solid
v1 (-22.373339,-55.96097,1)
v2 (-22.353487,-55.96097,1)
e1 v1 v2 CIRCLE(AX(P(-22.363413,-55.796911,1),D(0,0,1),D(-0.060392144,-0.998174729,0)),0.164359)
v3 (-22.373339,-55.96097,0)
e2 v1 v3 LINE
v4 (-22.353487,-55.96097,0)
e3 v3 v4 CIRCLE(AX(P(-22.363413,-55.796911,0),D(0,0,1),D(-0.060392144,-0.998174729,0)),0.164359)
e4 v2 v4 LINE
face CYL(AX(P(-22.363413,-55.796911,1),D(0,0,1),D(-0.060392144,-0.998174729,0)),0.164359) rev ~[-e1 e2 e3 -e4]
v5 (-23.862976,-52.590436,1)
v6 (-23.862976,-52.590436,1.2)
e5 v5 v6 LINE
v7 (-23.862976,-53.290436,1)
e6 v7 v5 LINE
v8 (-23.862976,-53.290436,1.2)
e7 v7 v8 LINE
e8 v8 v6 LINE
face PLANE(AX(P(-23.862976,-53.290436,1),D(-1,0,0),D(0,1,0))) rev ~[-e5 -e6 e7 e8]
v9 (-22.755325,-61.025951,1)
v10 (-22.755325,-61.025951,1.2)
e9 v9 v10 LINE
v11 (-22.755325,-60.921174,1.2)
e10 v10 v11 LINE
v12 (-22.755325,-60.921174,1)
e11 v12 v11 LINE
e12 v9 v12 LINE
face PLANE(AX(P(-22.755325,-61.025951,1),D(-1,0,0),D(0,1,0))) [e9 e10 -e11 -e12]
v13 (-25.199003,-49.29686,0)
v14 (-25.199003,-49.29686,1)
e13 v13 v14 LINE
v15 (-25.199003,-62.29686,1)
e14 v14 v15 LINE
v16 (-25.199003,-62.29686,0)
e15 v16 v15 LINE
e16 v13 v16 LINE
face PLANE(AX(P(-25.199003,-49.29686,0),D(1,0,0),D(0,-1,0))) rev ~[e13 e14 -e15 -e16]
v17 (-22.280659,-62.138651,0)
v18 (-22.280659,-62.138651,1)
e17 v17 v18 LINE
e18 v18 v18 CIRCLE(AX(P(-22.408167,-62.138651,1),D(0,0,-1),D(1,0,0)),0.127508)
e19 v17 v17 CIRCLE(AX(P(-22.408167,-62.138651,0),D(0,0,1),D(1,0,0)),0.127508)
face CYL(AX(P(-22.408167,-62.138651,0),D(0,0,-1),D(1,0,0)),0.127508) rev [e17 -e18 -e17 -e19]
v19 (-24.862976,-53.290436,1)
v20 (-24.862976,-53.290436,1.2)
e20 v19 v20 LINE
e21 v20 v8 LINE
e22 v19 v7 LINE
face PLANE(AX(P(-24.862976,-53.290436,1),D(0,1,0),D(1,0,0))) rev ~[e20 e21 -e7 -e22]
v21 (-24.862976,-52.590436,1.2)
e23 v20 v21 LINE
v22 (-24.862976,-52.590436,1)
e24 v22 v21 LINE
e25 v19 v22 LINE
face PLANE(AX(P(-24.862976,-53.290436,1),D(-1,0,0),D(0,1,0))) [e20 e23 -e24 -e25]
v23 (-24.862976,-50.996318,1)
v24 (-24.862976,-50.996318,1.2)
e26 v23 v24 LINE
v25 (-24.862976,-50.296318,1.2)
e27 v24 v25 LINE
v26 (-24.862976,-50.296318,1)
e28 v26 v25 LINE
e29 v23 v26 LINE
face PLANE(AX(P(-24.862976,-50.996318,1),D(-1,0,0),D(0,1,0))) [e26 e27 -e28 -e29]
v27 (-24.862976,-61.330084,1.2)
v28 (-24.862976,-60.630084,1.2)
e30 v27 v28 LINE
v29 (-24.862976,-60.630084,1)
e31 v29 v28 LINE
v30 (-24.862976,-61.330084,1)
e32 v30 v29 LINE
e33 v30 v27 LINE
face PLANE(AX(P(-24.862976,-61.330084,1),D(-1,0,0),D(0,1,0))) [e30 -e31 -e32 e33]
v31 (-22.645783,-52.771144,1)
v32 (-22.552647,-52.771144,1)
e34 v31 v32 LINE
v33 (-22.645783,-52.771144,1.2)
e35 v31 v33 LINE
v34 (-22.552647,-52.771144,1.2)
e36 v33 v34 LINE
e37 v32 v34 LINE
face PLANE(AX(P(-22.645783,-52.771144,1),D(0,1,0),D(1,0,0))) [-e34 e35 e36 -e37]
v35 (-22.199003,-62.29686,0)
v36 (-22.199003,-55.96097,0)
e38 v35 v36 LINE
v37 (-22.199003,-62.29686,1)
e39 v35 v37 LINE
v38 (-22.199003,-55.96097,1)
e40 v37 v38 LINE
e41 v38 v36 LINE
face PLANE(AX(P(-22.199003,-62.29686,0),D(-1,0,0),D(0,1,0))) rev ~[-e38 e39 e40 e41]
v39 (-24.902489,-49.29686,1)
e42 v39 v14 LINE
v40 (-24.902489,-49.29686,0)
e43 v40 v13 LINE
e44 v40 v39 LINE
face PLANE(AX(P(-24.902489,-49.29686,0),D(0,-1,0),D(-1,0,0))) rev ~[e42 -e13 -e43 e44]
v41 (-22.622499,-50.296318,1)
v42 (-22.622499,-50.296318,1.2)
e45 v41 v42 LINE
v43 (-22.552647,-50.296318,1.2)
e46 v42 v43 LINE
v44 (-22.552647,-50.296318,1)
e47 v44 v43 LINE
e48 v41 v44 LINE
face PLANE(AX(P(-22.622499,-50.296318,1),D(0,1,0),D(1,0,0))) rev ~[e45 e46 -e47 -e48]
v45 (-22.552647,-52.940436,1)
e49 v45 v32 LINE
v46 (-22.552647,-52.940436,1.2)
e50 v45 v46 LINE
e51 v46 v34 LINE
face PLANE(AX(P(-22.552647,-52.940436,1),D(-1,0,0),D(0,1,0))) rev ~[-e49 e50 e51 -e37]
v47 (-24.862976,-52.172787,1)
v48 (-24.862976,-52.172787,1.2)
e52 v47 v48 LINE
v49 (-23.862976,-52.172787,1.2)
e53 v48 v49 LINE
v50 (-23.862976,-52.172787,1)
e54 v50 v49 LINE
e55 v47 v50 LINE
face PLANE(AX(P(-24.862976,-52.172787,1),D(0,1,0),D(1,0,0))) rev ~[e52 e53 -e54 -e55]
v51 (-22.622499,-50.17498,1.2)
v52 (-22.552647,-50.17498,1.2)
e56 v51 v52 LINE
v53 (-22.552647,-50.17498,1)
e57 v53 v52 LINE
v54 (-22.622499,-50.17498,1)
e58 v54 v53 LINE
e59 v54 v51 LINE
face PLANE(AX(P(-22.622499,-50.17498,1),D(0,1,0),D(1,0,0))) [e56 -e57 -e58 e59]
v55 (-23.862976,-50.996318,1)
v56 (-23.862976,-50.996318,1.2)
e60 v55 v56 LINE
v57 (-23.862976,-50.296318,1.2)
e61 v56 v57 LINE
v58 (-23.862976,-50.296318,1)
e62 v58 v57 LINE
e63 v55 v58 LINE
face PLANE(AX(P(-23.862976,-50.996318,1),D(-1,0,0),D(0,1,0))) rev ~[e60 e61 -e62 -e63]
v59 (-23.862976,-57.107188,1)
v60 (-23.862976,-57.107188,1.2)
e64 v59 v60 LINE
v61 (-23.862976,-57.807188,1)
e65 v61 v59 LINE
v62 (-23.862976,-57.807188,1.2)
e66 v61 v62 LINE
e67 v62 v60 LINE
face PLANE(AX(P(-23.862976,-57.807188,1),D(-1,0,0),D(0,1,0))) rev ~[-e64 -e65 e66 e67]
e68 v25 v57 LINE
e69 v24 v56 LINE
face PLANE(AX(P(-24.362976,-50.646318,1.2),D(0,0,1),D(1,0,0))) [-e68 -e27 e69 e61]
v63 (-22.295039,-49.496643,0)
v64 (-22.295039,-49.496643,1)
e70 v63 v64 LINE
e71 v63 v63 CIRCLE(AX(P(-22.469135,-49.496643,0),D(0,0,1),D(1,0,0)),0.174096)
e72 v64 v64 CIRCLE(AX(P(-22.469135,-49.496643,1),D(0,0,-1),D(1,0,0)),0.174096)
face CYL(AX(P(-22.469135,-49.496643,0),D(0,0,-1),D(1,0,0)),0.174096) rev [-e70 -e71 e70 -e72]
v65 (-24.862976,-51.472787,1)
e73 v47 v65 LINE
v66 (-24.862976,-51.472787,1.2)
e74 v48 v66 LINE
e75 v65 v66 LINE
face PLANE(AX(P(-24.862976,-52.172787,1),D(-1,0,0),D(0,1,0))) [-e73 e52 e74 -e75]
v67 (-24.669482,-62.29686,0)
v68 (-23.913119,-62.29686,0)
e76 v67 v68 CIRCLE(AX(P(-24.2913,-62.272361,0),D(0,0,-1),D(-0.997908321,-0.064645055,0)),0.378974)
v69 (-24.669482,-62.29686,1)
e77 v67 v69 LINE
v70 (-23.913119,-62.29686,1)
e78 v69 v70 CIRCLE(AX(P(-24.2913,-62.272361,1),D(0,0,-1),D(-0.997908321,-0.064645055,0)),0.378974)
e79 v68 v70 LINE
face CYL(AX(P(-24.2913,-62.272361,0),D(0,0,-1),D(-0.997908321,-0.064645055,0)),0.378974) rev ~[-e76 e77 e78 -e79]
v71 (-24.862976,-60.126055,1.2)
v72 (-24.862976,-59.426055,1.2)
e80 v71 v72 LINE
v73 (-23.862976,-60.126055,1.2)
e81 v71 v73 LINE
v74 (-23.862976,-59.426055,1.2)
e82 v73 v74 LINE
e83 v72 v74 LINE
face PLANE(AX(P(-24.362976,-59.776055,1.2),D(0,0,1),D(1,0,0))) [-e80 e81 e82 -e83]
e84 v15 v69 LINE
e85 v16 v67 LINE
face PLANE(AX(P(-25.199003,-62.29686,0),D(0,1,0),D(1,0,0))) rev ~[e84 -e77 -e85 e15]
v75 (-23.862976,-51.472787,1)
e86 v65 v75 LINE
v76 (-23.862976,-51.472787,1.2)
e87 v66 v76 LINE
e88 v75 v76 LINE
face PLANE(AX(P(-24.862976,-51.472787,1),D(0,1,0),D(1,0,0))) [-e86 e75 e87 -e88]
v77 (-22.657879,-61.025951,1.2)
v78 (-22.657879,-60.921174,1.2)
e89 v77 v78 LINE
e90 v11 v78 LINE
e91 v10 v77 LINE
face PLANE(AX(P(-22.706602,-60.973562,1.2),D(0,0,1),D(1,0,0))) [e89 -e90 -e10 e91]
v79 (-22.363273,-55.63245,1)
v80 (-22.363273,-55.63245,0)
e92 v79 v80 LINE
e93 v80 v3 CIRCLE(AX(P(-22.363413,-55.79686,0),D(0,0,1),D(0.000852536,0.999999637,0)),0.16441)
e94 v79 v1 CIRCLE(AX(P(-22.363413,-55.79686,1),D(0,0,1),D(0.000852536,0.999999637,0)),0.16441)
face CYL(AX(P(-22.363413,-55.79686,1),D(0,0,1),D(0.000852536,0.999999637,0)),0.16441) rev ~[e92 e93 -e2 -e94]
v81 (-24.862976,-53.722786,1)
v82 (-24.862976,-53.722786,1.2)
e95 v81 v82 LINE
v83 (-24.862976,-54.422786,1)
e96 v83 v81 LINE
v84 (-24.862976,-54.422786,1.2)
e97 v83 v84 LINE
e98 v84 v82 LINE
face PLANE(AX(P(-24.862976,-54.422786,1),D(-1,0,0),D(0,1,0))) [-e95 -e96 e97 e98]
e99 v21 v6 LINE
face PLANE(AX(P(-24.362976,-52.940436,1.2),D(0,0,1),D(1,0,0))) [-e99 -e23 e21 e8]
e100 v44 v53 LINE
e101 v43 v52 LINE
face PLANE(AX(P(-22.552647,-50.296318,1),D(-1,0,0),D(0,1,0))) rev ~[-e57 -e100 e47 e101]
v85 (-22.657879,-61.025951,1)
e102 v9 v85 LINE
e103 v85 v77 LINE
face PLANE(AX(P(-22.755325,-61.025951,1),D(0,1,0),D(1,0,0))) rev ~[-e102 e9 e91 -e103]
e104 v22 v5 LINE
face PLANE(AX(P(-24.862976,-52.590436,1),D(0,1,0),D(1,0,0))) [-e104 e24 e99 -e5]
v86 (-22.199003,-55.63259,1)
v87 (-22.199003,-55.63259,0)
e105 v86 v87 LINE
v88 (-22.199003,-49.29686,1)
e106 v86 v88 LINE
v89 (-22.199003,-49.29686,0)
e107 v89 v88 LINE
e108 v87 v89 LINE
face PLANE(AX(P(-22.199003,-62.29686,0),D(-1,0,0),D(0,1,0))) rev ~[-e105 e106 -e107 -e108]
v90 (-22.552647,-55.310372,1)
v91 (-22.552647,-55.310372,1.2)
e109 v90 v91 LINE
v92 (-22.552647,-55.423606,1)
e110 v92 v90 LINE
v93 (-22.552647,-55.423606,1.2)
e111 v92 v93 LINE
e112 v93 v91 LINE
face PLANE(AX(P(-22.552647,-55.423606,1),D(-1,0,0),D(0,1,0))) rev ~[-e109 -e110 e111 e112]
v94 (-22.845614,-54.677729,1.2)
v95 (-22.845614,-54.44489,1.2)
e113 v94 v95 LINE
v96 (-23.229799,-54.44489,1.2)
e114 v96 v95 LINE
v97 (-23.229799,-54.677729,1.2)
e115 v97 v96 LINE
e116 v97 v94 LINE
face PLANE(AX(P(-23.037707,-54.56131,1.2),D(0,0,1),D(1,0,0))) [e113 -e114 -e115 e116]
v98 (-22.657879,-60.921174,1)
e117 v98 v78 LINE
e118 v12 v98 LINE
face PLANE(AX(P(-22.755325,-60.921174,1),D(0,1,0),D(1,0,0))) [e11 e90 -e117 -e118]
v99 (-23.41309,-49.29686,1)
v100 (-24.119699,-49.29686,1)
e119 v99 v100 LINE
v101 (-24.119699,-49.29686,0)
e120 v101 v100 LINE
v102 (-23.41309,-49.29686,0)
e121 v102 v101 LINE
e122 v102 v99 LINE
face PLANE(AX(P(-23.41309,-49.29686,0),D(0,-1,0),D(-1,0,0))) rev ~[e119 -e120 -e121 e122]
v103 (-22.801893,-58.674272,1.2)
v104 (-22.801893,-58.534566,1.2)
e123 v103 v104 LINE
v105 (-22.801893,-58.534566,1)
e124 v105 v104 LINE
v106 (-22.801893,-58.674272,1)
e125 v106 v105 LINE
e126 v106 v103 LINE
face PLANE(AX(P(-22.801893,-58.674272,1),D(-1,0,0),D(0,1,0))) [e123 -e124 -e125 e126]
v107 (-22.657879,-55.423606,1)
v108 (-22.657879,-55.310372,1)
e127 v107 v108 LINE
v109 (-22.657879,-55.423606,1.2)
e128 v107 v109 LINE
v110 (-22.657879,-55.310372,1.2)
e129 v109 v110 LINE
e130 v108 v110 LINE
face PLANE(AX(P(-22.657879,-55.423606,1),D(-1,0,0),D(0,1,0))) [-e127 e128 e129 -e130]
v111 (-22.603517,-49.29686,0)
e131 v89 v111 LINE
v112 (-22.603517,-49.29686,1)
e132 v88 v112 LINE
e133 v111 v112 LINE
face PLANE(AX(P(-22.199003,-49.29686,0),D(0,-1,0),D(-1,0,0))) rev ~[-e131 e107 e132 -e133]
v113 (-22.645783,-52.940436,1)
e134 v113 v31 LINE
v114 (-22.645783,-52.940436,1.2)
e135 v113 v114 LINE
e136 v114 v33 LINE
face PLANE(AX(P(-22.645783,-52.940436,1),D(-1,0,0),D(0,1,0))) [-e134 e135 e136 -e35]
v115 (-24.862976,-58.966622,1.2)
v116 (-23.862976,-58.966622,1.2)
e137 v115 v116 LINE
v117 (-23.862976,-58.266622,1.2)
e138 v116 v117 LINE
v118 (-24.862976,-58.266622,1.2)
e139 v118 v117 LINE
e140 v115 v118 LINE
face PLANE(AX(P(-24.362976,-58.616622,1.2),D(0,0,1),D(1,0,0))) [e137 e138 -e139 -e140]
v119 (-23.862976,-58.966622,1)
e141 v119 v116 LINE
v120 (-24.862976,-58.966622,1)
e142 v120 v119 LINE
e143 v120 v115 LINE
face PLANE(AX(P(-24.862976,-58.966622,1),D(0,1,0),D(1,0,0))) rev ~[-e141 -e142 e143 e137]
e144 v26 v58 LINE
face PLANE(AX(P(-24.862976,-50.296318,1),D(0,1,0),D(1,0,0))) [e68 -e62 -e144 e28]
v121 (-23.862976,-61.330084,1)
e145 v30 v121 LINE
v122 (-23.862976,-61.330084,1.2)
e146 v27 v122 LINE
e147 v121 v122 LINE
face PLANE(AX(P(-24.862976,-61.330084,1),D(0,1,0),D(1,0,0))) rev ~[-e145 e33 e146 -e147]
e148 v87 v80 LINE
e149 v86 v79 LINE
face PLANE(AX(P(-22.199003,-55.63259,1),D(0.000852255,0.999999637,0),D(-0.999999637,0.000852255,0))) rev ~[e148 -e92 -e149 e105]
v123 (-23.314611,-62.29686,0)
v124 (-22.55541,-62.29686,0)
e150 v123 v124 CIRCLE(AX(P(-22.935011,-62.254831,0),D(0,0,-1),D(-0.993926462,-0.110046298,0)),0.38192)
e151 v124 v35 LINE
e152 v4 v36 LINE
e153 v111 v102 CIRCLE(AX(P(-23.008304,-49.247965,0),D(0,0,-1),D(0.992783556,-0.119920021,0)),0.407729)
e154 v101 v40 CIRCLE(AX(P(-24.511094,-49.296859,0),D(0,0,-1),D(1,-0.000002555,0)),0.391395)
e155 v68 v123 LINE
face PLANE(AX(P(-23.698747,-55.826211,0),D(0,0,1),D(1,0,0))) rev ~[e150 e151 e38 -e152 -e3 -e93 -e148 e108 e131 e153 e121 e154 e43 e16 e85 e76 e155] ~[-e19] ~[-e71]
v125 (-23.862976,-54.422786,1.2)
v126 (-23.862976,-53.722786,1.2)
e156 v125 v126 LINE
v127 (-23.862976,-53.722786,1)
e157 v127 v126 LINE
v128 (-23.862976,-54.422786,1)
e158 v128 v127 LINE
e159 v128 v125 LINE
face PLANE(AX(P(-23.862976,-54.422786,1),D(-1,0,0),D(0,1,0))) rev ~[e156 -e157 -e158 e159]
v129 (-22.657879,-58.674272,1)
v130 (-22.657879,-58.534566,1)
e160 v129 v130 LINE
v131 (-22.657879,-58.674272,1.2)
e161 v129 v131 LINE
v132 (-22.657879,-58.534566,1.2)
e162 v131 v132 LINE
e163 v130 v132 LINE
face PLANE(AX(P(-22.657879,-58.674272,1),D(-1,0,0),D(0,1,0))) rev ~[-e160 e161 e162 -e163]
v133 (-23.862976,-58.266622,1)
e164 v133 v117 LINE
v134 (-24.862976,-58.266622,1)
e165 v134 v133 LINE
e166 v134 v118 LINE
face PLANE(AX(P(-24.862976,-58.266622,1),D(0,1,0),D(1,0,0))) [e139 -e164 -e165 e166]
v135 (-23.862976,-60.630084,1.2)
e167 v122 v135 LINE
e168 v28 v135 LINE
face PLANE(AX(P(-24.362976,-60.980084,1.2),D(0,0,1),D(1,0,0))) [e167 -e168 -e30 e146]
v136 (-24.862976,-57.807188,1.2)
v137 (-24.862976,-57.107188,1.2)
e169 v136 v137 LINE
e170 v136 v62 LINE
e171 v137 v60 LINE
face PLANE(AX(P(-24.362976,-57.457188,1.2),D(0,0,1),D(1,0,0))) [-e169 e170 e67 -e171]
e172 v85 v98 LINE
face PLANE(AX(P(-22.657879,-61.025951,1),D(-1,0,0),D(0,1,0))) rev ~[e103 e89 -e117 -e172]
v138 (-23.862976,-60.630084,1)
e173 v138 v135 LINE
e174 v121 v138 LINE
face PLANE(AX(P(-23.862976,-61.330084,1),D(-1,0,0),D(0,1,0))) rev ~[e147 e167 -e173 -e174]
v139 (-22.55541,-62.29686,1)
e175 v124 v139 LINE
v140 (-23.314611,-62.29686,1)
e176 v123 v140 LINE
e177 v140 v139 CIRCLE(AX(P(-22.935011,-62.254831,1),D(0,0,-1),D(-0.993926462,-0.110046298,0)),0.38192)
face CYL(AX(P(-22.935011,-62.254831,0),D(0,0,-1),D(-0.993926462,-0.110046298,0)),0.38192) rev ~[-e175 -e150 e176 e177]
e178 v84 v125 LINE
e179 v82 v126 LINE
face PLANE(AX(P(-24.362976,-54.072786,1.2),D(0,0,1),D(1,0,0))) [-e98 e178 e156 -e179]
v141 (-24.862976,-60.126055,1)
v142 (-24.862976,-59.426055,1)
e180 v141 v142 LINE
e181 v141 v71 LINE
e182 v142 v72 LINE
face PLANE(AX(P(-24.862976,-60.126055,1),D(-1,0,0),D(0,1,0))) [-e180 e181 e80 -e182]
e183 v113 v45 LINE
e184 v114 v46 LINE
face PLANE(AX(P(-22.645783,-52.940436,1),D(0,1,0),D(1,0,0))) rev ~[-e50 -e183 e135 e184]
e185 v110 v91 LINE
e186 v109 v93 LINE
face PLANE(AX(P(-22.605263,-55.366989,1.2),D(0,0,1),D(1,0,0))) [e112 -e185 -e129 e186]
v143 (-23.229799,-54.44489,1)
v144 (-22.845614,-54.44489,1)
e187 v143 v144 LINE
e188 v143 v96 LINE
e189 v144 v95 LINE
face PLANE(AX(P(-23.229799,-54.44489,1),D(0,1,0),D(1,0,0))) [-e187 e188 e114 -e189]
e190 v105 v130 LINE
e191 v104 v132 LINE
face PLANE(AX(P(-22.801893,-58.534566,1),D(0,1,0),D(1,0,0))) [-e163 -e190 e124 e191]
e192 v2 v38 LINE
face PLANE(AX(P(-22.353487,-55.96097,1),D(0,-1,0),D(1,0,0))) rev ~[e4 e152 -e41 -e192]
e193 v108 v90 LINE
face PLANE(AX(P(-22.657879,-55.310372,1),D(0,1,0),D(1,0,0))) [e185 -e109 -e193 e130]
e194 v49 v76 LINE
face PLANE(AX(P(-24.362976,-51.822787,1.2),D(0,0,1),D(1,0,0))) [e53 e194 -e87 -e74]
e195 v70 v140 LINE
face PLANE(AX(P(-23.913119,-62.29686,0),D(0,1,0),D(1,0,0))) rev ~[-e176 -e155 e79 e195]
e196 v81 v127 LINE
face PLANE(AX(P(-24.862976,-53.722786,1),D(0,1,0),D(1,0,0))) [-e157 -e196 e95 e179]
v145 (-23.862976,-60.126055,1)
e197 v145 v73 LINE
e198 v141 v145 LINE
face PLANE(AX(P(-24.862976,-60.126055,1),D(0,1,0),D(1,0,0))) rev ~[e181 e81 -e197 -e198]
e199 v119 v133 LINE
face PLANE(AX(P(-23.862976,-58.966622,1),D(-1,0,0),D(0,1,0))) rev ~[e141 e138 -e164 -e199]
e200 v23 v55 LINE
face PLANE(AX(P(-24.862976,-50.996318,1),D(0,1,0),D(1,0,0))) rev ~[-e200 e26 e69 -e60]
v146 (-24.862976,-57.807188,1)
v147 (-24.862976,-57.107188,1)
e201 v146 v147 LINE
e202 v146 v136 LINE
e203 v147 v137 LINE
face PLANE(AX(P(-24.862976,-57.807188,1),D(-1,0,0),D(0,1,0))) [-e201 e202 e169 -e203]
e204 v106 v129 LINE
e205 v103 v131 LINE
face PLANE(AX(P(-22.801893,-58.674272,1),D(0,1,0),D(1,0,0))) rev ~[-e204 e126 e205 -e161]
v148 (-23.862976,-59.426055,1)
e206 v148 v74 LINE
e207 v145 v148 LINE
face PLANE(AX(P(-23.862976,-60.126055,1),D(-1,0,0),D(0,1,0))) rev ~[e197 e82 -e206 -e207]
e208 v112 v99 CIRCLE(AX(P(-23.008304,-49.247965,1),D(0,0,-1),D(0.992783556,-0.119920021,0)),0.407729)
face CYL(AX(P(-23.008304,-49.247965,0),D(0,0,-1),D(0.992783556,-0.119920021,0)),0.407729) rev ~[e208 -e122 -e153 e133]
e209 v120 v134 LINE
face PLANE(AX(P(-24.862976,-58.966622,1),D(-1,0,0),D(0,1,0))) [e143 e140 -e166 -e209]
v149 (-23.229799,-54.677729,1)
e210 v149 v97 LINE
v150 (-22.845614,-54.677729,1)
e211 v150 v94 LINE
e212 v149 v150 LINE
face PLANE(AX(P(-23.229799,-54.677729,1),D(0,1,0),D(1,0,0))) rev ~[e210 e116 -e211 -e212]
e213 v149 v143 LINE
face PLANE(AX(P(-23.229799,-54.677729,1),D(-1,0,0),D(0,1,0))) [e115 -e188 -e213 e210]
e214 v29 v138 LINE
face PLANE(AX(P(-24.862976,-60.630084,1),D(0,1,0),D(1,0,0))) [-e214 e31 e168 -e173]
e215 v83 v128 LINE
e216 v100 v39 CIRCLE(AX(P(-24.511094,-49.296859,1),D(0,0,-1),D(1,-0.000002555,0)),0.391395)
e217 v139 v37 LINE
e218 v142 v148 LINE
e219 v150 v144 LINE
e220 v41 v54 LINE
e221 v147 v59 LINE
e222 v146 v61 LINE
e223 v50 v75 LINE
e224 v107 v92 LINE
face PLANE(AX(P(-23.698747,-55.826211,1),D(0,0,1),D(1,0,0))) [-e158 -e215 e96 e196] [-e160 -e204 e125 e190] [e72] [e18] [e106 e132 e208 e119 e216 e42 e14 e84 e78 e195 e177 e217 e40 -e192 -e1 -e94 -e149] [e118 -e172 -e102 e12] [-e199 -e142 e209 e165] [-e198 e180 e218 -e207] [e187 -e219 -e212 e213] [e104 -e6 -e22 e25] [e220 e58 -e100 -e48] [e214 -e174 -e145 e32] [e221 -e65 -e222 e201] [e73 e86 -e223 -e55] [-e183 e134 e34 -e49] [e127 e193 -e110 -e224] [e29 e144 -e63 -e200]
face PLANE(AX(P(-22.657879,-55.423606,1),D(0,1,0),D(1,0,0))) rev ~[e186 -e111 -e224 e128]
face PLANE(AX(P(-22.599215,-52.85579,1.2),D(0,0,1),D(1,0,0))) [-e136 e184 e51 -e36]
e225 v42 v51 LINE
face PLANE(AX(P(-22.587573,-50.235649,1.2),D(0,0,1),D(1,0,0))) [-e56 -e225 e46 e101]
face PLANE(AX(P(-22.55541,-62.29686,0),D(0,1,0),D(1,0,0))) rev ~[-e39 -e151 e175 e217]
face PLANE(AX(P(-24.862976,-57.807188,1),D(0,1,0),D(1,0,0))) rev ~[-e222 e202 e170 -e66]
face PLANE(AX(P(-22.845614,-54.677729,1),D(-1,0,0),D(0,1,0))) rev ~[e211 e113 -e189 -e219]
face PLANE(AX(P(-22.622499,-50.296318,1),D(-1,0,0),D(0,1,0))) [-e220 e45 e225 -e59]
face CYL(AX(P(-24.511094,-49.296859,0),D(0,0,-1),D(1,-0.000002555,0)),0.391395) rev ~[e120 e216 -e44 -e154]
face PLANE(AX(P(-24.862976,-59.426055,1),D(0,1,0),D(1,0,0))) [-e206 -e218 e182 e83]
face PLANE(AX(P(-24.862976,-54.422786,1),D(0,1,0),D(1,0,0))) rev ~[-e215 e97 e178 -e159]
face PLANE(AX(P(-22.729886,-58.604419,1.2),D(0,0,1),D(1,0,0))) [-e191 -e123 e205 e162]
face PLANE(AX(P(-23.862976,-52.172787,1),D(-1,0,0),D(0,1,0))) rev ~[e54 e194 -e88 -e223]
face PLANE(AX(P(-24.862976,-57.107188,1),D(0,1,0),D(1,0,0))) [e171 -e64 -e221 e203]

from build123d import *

# Parameters (mm, degrees)
F1_DEPTH = 1
F2_R     = 0.174096
F2_R_2   = 0.127508
F3_DEPTH = 1.001
F4_W     = 1
F4_H     = 0.7
F4_W_2   = 0.384185
F4_H_2   = 0.232839
F5_DEPTH = 0.2
F7_DEPTH = 1.001
F8_W     = 0.069853
F8_H     = 0.121337
F8_W_2   = 0.093136
F8_H_2   = 0.169292
F8_W_3   = 0.105232
F8_H_3   = 0.113234
F8_W_4   = 0.097446
F8_H_4   = 0.104777
F8_W_5   = 0.144014
F8_H_5   = 0.139706
F9_DEPTH = 0.2


with BuildPart() as f1:
    # F0 (on Top) → F1 (new body)
    with BuildSketch(Plane.XY):
        with BuildLine():
            Line((-24.902489, -49.29686), (-25.199003, -49.29686))
            Line((-25.199003, -49.29686), (-25.199003, -62.29686))
            Line((-25.199003, -62.29686), (-24.669482, -62.29686))
            ThreePointArc((-24.669482, -62.29686), (-24.2913, -61.893387), (-23.913119, -62.29686))
            Line((-23.913119, -62.29686), (-23.314611, -62.29686))
            ThreePointArc((-23.314611, -62.29686), (-22.93501, -61.872911), (-22.55541, -62.29686))
            Line((-22.55541, -62.29686), (-22.199003, -62.29686))
            Line((-22.199003, -62.29686), (-22.199003, -49.29686))
            Line((-22.199003, -49.29686), (-22.603517, -49.29686))
            ThreePointArc((-22.603517, -49.29686), (-23.008304, -49.655694), (-23.41309, -49.29686))
            Line((-23.41309, -49.29686), (-24.119699, -49.29686))
            ThreePointArc((-24.119699, -49.29686), (-24.511094, -49.688254), (-24.902489, -49.29686))
        make_face()
    extrude(amount=F1_DEPTH)

    # F2 (on Top) → F3 (cut, through all)
    with BuildSketch(Plane.XY):
        with Locations((-22.469135, -49.496643)):
            Circle(F2_R)
        with Locations((-22.408167, -62.138651)):
            Circle(F2_R_2)
    extrude(amount=F3_DEPTH, mode=Mode.SUBTRACT)

    # F4 (on face) → F5 (join)
    with BuildSketch(Plane.XY.offset(1)):
        with Locations((-24.362976, -50.646318)):
            Rectangle(F4_W, F4_H)
        with Locations((-24.362976, -51.822787)):
            Rectangle(F4_W, F4_H)
        with Locations((-24.362976, -52.940436)):
            Rectangle(F4_W, F4_H)
        with Locations((-24.362976, -54.072786)):
            Rectangle(F4_W, F4_H)
        with Locations((-23.037707, -54.56131)):
            Rectangle(F4_W_2, F4_H_2)
        with Locations((-24.362976, -60.980084)):
            Rectangle(F4_W, F4_H)
        with Locations((-24.362976, -59.776055)):
            Rectangle(F4_W, F4_H)
        with Locations((-24.362976, -58.616622)):
            Rectangle(F4_W, F4_H)
        with Locations((-24.362976, -57.457188)):
            Rectangle(F4_W, F4_H)
    extrude(amount=F5_DEPTH)

    # F6 (on face) → F7 (cut, through all)
    with BuildSketch(Plane.XY.offset(1)):
        with BuildLine():
            Line((-22.353487, -55.96097), (-22.373339, -55.96097))
            ThreePointArc((-22.373339, -55.96097), (-22.363413, -55.96127), (-22.353487, -55.96097))
        make_face()
        with BuildLine():
            Line((-22.199003, -55.63259), (-22.363273, -55.63245))
            ThreePointArc((-22.363273, -55.63245), (-22.527746, -55.791824), (-22.373339, -55.96097))
            Line((-22.373339, -55.96097), (-22.353487, -55.96097))
            Line((-22.353487, -55.96097), (-22.199003, -55.96097))
            Line((-22.199003, -55.96097), (-22.199003, -55.63259))
        make_face()
    extrude(amount=-F7_DEPTH, mode=Mode.SUBTRACT)

    # F8 (on face) → F9 (join)
    with BuildSketch(Plane.XY.offset(1)):
        with Locations((-22.587573, -50.235649)):
            Rectangle(F8_W, F8_H)
        with Locations((-22.599215, -52.85579)):
            Rectangle(F8_W_2, F8_H_2)
        with Locations((-22.605263, -55.366989)):
            Rectangle(F8_W_3, F8_H_3)
        with Locations((-22.706602, -60.973562)):
            Rectangle(F8_W_4, F8_H_4)
        with Locations((-22.729886, -58.604419)):
            Rectangle(F8_W_5, F8_H_5)
    extrude(amount=F9_DEPTH)


solid = f1.part
